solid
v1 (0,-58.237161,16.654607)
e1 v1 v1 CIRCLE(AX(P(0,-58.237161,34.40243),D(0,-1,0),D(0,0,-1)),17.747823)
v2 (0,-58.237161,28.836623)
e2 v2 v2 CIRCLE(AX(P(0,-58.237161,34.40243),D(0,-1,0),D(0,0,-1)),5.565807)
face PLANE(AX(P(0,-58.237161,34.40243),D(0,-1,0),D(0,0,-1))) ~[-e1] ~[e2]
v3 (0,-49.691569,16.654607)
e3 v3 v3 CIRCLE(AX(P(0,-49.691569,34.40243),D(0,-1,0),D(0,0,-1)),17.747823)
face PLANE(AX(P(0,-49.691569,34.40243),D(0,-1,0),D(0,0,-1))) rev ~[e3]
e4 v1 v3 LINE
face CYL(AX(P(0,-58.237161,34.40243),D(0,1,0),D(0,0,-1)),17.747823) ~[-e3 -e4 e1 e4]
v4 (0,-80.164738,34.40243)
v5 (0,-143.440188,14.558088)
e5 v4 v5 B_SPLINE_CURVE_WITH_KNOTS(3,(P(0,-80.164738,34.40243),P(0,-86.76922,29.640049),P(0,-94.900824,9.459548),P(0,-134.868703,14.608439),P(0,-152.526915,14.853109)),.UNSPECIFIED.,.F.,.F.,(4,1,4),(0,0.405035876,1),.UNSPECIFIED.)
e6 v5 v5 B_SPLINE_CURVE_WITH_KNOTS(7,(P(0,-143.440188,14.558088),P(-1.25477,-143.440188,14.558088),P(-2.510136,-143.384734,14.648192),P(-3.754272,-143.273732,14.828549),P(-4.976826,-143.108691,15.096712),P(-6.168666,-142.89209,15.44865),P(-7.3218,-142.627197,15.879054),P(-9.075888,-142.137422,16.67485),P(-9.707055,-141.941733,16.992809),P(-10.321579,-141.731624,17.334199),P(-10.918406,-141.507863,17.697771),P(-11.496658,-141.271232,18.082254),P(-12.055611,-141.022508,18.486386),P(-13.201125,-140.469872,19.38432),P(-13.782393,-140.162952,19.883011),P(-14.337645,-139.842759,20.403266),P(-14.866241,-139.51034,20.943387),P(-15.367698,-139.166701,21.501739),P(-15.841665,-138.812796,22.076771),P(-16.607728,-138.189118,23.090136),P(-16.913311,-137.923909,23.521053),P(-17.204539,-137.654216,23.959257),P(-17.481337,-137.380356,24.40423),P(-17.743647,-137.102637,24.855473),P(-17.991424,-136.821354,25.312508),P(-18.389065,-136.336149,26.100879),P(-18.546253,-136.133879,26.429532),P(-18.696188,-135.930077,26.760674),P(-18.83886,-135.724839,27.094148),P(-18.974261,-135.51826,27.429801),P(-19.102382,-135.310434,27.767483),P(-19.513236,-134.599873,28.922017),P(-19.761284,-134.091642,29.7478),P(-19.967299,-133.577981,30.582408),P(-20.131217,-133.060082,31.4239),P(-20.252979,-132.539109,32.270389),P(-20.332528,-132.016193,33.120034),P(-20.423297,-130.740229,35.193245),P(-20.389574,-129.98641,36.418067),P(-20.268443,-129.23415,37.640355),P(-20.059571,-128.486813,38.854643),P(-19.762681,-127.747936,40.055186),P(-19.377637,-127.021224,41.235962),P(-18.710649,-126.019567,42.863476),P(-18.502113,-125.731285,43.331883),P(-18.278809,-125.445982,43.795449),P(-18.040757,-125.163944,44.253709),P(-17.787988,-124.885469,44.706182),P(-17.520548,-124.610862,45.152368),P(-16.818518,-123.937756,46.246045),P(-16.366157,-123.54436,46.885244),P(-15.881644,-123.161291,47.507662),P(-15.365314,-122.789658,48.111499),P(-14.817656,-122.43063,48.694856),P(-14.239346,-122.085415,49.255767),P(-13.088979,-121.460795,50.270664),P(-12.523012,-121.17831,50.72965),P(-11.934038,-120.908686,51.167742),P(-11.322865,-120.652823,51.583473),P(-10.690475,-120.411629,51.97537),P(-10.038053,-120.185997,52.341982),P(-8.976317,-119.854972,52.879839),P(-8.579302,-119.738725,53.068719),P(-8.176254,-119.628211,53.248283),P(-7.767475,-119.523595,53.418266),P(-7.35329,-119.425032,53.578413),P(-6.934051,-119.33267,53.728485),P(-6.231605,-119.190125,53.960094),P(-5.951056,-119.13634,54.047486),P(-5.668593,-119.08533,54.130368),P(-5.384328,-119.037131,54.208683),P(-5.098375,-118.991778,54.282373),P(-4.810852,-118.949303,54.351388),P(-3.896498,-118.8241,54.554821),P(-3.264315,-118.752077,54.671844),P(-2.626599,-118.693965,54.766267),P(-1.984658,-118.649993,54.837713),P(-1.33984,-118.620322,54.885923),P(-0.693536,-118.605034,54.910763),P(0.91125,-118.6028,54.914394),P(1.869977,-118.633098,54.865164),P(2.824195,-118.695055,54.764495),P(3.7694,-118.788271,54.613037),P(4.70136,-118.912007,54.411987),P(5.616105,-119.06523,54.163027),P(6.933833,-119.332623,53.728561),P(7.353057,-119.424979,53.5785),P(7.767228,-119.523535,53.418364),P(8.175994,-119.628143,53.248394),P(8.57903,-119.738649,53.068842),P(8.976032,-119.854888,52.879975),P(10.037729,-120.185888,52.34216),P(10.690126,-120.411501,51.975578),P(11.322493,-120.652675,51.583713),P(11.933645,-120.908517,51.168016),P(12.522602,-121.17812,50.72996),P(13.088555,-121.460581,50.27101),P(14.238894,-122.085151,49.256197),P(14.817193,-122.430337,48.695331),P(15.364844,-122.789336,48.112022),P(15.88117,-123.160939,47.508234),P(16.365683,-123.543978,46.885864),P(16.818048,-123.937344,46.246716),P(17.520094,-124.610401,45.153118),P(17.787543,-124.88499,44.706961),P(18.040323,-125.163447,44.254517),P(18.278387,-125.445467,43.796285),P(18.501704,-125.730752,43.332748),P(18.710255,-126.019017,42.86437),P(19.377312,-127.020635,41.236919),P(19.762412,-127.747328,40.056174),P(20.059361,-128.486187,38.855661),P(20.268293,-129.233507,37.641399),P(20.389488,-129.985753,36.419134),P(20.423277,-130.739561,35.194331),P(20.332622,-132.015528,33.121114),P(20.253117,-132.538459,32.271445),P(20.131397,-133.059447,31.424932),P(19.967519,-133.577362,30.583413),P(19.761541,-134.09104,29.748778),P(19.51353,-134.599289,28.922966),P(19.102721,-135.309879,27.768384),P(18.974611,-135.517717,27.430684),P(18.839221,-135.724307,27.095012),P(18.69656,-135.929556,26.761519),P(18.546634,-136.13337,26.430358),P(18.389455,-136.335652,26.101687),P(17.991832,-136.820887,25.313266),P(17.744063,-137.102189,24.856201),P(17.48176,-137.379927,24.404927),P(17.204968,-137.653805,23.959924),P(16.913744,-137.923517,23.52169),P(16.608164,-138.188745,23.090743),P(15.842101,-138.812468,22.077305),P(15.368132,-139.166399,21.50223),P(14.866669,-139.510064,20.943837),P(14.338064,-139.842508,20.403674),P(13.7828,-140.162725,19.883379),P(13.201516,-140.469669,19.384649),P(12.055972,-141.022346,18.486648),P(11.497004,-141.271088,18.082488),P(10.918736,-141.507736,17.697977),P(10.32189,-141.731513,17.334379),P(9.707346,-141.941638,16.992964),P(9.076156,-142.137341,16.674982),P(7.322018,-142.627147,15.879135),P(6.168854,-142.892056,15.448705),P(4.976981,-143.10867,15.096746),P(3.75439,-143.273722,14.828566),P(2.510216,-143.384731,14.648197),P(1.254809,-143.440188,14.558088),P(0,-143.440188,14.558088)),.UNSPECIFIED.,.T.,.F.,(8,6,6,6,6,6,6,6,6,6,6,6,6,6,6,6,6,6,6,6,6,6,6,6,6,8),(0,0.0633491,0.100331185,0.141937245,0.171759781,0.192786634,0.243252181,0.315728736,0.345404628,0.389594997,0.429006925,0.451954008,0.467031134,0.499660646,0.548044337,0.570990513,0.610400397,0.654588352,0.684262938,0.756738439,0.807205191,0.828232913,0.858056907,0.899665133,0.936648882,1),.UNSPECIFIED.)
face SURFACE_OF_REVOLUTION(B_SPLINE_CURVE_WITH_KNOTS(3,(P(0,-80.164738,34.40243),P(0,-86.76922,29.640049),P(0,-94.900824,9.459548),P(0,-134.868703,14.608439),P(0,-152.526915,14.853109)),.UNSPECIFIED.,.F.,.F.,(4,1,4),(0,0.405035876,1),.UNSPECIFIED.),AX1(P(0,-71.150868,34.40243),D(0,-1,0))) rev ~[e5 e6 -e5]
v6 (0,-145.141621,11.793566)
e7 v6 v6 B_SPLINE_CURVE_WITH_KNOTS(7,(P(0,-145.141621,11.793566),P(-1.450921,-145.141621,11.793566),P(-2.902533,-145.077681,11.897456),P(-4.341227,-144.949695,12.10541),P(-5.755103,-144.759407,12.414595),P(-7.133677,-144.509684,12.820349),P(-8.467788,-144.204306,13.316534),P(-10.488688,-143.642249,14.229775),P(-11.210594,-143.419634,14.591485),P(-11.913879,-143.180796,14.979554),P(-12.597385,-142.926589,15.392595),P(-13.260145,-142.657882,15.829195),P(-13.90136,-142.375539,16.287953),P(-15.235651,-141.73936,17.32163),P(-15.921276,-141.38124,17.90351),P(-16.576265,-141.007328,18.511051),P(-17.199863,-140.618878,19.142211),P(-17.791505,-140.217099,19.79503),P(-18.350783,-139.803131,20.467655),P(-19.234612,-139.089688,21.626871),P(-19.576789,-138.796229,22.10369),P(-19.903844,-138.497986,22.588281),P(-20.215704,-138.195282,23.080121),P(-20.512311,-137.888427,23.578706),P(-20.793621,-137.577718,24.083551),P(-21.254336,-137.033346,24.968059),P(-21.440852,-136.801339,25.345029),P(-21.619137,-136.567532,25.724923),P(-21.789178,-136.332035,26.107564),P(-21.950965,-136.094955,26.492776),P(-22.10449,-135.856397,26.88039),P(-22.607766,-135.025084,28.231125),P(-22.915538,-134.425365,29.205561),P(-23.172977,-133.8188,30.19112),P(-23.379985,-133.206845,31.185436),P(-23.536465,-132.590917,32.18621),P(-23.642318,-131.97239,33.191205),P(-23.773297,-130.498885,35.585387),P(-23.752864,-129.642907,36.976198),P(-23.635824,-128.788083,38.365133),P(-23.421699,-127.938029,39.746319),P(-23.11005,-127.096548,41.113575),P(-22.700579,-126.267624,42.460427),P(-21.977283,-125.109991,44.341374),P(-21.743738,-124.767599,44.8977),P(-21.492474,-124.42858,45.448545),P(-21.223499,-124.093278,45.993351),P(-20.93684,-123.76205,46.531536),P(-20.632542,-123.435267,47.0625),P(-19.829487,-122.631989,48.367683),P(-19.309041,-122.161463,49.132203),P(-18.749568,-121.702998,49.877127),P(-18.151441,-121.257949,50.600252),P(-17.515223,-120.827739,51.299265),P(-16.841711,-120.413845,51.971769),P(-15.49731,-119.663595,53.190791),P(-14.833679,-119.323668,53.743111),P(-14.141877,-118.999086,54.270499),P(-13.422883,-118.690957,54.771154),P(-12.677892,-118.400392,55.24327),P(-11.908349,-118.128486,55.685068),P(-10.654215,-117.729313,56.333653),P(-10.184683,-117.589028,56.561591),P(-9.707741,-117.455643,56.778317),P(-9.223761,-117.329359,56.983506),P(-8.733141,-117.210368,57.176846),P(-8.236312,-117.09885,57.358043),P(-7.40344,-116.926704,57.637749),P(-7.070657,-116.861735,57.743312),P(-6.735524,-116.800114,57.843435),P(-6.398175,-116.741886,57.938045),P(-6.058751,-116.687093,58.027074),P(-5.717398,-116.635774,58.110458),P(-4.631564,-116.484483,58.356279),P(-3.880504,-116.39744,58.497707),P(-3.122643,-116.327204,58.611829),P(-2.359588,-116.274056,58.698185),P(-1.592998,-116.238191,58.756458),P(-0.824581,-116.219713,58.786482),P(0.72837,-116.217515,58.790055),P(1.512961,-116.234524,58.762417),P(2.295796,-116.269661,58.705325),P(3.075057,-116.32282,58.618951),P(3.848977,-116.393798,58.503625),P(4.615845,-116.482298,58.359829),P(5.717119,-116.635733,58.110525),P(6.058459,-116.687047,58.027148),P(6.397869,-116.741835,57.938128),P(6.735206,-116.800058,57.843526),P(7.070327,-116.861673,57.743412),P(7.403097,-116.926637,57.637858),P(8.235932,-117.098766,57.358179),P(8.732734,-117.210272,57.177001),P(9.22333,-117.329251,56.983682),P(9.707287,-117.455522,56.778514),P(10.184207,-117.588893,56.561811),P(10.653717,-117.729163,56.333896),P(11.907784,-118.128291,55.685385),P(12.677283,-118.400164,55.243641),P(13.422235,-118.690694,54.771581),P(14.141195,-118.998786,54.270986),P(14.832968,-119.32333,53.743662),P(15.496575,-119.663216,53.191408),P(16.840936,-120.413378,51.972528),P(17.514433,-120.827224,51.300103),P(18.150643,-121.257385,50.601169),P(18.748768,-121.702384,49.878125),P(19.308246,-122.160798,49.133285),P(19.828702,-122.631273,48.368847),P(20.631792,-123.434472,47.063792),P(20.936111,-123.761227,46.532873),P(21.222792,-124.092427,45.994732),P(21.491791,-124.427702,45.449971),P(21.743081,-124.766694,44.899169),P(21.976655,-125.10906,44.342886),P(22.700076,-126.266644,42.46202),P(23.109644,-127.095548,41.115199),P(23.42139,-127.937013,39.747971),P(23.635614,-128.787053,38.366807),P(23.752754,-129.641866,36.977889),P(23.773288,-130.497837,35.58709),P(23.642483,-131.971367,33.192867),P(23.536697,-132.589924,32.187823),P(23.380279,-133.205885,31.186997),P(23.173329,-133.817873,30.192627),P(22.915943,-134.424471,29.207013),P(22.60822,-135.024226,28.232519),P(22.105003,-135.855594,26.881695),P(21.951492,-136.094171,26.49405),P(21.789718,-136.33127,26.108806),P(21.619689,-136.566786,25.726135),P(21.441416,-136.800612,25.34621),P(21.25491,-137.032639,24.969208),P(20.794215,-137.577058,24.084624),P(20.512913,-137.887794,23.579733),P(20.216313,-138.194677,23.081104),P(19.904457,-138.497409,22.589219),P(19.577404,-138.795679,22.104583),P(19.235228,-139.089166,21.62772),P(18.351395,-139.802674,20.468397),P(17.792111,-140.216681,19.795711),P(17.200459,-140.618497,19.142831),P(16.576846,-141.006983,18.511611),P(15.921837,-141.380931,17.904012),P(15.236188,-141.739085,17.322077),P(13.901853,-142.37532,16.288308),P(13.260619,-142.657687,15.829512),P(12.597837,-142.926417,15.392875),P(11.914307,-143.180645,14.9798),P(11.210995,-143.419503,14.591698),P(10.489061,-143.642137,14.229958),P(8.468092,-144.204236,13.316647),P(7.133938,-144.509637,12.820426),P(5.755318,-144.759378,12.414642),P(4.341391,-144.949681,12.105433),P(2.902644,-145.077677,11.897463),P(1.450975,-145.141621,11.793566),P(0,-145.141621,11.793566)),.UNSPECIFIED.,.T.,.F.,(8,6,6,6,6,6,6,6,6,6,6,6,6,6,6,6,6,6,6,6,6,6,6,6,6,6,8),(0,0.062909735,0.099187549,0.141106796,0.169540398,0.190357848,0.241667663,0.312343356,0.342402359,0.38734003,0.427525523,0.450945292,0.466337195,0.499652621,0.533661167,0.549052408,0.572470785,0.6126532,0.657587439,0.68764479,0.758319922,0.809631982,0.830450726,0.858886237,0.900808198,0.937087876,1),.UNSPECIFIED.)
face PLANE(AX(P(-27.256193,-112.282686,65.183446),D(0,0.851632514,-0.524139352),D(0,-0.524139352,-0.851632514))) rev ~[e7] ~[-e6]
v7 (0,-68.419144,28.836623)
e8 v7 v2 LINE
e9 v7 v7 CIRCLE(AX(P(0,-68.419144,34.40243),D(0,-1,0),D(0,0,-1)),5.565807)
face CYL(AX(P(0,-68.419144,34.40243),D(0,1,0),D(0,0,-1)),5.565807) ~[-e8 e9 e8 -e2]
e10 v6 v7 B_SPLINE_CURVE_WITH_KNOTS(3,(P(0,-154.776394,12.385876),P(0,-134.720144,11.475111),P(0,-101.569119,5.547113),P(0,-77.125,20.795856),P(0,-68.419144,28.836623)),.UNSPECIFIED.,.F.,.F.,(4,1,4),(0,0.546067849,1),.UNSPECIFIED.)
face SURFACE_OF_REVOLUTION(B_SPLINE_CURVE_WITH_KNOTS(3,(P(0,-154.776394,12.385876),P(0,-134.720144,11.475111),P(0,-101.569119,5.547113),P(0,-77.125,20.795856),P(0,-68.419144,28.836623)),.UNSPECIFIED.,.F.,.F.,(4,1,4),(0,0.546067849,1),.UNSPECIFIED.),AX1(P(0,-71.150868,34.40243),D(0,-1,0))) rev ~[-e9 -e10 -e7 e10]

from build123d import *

# Parameters (mm, degrees)
F0_W     = 69.4261547178
F0_H     = 65.1834458113
F1_DEPTH = 152.4
F3_DEPTH = 69.4271547178


with BuildPart() as f1:
    # F0 (on Front) → F1 (new body)
    with BuildSketch(Plane.XZ):
        with Locations((7.4568847194, 32.5917229056)):
            Rectangle(F0_W, F0_H)
    extrude(amount=F1_DEPTH)

    # F2 (on face) → F3 (cut, through all)
    with BuildSketch(Plane(origin=(-27.2561926395, 0, 0), x_dir=(0, -1, 0), z_dir=(-1, 0, 0))):
        Polygon((112.2826859355, 65.1834458113), (152.4, 0), (152.4, 65.1834458113), align=None)
    extrude(amount=-F3_DEPTH, mode=Mode.SUBTRACT)

    # F4 (on Right) → F5 (revolve, intersect)
    with BuildSketch(Plane.YZ):
        with BuildLine():
            Line((-152.5269150734, 14.8531086743), (-154.7763943672, 12.385875918))
            add(Edge.make_bspline(
                [(-154.7763943672, 12.385875918), (-134.720144085, 11.4751109665), (-101.5691193196, 5.5471128264), (-77.1250000497, 20.7958557616), (-68.4191435575, 28.8366228342)],
                knots=[0, 0, 0, 0, 0.5460678486, 1, 1, 1, 1], degree=3))
            Line((-68.4191435575, 28.8366228342), (-58.2371614873, 28.8366228342))
            Line((-58.2371614873, 28.8366228342), (-58.2371614873, 16.6546069086))
            Line((-58.2371614873, 16.6546069086), (-49.6915690601, 16.6546069086))
            Line((-49.6915690601, 16.6546069086), (-49.6915690601, 34.4024300575))
            Line((-49.6915690601, 34.4024300575), (-80.1647379994, 34.4024300575))
            add(Edge.make_bspline(
                [(-80.1647379994, 34.4024300575), (-86.7692198935, 29.6400485048), (-94.900823631, 9.4595479505), (-134.8687027442, 14.6084385283), (-152.5269150734, 14.8531086743)],
                knots=[0, 0, 0, 0, 0.4050358758, 1, 1, 1, 1], degree=3))
        make_face()
    revolve(axis=Axis((0, -71.1508684326, 34.4024300575), (0, -1, 0)), mode=Mode.INTERSECT)


solid = f1.part
